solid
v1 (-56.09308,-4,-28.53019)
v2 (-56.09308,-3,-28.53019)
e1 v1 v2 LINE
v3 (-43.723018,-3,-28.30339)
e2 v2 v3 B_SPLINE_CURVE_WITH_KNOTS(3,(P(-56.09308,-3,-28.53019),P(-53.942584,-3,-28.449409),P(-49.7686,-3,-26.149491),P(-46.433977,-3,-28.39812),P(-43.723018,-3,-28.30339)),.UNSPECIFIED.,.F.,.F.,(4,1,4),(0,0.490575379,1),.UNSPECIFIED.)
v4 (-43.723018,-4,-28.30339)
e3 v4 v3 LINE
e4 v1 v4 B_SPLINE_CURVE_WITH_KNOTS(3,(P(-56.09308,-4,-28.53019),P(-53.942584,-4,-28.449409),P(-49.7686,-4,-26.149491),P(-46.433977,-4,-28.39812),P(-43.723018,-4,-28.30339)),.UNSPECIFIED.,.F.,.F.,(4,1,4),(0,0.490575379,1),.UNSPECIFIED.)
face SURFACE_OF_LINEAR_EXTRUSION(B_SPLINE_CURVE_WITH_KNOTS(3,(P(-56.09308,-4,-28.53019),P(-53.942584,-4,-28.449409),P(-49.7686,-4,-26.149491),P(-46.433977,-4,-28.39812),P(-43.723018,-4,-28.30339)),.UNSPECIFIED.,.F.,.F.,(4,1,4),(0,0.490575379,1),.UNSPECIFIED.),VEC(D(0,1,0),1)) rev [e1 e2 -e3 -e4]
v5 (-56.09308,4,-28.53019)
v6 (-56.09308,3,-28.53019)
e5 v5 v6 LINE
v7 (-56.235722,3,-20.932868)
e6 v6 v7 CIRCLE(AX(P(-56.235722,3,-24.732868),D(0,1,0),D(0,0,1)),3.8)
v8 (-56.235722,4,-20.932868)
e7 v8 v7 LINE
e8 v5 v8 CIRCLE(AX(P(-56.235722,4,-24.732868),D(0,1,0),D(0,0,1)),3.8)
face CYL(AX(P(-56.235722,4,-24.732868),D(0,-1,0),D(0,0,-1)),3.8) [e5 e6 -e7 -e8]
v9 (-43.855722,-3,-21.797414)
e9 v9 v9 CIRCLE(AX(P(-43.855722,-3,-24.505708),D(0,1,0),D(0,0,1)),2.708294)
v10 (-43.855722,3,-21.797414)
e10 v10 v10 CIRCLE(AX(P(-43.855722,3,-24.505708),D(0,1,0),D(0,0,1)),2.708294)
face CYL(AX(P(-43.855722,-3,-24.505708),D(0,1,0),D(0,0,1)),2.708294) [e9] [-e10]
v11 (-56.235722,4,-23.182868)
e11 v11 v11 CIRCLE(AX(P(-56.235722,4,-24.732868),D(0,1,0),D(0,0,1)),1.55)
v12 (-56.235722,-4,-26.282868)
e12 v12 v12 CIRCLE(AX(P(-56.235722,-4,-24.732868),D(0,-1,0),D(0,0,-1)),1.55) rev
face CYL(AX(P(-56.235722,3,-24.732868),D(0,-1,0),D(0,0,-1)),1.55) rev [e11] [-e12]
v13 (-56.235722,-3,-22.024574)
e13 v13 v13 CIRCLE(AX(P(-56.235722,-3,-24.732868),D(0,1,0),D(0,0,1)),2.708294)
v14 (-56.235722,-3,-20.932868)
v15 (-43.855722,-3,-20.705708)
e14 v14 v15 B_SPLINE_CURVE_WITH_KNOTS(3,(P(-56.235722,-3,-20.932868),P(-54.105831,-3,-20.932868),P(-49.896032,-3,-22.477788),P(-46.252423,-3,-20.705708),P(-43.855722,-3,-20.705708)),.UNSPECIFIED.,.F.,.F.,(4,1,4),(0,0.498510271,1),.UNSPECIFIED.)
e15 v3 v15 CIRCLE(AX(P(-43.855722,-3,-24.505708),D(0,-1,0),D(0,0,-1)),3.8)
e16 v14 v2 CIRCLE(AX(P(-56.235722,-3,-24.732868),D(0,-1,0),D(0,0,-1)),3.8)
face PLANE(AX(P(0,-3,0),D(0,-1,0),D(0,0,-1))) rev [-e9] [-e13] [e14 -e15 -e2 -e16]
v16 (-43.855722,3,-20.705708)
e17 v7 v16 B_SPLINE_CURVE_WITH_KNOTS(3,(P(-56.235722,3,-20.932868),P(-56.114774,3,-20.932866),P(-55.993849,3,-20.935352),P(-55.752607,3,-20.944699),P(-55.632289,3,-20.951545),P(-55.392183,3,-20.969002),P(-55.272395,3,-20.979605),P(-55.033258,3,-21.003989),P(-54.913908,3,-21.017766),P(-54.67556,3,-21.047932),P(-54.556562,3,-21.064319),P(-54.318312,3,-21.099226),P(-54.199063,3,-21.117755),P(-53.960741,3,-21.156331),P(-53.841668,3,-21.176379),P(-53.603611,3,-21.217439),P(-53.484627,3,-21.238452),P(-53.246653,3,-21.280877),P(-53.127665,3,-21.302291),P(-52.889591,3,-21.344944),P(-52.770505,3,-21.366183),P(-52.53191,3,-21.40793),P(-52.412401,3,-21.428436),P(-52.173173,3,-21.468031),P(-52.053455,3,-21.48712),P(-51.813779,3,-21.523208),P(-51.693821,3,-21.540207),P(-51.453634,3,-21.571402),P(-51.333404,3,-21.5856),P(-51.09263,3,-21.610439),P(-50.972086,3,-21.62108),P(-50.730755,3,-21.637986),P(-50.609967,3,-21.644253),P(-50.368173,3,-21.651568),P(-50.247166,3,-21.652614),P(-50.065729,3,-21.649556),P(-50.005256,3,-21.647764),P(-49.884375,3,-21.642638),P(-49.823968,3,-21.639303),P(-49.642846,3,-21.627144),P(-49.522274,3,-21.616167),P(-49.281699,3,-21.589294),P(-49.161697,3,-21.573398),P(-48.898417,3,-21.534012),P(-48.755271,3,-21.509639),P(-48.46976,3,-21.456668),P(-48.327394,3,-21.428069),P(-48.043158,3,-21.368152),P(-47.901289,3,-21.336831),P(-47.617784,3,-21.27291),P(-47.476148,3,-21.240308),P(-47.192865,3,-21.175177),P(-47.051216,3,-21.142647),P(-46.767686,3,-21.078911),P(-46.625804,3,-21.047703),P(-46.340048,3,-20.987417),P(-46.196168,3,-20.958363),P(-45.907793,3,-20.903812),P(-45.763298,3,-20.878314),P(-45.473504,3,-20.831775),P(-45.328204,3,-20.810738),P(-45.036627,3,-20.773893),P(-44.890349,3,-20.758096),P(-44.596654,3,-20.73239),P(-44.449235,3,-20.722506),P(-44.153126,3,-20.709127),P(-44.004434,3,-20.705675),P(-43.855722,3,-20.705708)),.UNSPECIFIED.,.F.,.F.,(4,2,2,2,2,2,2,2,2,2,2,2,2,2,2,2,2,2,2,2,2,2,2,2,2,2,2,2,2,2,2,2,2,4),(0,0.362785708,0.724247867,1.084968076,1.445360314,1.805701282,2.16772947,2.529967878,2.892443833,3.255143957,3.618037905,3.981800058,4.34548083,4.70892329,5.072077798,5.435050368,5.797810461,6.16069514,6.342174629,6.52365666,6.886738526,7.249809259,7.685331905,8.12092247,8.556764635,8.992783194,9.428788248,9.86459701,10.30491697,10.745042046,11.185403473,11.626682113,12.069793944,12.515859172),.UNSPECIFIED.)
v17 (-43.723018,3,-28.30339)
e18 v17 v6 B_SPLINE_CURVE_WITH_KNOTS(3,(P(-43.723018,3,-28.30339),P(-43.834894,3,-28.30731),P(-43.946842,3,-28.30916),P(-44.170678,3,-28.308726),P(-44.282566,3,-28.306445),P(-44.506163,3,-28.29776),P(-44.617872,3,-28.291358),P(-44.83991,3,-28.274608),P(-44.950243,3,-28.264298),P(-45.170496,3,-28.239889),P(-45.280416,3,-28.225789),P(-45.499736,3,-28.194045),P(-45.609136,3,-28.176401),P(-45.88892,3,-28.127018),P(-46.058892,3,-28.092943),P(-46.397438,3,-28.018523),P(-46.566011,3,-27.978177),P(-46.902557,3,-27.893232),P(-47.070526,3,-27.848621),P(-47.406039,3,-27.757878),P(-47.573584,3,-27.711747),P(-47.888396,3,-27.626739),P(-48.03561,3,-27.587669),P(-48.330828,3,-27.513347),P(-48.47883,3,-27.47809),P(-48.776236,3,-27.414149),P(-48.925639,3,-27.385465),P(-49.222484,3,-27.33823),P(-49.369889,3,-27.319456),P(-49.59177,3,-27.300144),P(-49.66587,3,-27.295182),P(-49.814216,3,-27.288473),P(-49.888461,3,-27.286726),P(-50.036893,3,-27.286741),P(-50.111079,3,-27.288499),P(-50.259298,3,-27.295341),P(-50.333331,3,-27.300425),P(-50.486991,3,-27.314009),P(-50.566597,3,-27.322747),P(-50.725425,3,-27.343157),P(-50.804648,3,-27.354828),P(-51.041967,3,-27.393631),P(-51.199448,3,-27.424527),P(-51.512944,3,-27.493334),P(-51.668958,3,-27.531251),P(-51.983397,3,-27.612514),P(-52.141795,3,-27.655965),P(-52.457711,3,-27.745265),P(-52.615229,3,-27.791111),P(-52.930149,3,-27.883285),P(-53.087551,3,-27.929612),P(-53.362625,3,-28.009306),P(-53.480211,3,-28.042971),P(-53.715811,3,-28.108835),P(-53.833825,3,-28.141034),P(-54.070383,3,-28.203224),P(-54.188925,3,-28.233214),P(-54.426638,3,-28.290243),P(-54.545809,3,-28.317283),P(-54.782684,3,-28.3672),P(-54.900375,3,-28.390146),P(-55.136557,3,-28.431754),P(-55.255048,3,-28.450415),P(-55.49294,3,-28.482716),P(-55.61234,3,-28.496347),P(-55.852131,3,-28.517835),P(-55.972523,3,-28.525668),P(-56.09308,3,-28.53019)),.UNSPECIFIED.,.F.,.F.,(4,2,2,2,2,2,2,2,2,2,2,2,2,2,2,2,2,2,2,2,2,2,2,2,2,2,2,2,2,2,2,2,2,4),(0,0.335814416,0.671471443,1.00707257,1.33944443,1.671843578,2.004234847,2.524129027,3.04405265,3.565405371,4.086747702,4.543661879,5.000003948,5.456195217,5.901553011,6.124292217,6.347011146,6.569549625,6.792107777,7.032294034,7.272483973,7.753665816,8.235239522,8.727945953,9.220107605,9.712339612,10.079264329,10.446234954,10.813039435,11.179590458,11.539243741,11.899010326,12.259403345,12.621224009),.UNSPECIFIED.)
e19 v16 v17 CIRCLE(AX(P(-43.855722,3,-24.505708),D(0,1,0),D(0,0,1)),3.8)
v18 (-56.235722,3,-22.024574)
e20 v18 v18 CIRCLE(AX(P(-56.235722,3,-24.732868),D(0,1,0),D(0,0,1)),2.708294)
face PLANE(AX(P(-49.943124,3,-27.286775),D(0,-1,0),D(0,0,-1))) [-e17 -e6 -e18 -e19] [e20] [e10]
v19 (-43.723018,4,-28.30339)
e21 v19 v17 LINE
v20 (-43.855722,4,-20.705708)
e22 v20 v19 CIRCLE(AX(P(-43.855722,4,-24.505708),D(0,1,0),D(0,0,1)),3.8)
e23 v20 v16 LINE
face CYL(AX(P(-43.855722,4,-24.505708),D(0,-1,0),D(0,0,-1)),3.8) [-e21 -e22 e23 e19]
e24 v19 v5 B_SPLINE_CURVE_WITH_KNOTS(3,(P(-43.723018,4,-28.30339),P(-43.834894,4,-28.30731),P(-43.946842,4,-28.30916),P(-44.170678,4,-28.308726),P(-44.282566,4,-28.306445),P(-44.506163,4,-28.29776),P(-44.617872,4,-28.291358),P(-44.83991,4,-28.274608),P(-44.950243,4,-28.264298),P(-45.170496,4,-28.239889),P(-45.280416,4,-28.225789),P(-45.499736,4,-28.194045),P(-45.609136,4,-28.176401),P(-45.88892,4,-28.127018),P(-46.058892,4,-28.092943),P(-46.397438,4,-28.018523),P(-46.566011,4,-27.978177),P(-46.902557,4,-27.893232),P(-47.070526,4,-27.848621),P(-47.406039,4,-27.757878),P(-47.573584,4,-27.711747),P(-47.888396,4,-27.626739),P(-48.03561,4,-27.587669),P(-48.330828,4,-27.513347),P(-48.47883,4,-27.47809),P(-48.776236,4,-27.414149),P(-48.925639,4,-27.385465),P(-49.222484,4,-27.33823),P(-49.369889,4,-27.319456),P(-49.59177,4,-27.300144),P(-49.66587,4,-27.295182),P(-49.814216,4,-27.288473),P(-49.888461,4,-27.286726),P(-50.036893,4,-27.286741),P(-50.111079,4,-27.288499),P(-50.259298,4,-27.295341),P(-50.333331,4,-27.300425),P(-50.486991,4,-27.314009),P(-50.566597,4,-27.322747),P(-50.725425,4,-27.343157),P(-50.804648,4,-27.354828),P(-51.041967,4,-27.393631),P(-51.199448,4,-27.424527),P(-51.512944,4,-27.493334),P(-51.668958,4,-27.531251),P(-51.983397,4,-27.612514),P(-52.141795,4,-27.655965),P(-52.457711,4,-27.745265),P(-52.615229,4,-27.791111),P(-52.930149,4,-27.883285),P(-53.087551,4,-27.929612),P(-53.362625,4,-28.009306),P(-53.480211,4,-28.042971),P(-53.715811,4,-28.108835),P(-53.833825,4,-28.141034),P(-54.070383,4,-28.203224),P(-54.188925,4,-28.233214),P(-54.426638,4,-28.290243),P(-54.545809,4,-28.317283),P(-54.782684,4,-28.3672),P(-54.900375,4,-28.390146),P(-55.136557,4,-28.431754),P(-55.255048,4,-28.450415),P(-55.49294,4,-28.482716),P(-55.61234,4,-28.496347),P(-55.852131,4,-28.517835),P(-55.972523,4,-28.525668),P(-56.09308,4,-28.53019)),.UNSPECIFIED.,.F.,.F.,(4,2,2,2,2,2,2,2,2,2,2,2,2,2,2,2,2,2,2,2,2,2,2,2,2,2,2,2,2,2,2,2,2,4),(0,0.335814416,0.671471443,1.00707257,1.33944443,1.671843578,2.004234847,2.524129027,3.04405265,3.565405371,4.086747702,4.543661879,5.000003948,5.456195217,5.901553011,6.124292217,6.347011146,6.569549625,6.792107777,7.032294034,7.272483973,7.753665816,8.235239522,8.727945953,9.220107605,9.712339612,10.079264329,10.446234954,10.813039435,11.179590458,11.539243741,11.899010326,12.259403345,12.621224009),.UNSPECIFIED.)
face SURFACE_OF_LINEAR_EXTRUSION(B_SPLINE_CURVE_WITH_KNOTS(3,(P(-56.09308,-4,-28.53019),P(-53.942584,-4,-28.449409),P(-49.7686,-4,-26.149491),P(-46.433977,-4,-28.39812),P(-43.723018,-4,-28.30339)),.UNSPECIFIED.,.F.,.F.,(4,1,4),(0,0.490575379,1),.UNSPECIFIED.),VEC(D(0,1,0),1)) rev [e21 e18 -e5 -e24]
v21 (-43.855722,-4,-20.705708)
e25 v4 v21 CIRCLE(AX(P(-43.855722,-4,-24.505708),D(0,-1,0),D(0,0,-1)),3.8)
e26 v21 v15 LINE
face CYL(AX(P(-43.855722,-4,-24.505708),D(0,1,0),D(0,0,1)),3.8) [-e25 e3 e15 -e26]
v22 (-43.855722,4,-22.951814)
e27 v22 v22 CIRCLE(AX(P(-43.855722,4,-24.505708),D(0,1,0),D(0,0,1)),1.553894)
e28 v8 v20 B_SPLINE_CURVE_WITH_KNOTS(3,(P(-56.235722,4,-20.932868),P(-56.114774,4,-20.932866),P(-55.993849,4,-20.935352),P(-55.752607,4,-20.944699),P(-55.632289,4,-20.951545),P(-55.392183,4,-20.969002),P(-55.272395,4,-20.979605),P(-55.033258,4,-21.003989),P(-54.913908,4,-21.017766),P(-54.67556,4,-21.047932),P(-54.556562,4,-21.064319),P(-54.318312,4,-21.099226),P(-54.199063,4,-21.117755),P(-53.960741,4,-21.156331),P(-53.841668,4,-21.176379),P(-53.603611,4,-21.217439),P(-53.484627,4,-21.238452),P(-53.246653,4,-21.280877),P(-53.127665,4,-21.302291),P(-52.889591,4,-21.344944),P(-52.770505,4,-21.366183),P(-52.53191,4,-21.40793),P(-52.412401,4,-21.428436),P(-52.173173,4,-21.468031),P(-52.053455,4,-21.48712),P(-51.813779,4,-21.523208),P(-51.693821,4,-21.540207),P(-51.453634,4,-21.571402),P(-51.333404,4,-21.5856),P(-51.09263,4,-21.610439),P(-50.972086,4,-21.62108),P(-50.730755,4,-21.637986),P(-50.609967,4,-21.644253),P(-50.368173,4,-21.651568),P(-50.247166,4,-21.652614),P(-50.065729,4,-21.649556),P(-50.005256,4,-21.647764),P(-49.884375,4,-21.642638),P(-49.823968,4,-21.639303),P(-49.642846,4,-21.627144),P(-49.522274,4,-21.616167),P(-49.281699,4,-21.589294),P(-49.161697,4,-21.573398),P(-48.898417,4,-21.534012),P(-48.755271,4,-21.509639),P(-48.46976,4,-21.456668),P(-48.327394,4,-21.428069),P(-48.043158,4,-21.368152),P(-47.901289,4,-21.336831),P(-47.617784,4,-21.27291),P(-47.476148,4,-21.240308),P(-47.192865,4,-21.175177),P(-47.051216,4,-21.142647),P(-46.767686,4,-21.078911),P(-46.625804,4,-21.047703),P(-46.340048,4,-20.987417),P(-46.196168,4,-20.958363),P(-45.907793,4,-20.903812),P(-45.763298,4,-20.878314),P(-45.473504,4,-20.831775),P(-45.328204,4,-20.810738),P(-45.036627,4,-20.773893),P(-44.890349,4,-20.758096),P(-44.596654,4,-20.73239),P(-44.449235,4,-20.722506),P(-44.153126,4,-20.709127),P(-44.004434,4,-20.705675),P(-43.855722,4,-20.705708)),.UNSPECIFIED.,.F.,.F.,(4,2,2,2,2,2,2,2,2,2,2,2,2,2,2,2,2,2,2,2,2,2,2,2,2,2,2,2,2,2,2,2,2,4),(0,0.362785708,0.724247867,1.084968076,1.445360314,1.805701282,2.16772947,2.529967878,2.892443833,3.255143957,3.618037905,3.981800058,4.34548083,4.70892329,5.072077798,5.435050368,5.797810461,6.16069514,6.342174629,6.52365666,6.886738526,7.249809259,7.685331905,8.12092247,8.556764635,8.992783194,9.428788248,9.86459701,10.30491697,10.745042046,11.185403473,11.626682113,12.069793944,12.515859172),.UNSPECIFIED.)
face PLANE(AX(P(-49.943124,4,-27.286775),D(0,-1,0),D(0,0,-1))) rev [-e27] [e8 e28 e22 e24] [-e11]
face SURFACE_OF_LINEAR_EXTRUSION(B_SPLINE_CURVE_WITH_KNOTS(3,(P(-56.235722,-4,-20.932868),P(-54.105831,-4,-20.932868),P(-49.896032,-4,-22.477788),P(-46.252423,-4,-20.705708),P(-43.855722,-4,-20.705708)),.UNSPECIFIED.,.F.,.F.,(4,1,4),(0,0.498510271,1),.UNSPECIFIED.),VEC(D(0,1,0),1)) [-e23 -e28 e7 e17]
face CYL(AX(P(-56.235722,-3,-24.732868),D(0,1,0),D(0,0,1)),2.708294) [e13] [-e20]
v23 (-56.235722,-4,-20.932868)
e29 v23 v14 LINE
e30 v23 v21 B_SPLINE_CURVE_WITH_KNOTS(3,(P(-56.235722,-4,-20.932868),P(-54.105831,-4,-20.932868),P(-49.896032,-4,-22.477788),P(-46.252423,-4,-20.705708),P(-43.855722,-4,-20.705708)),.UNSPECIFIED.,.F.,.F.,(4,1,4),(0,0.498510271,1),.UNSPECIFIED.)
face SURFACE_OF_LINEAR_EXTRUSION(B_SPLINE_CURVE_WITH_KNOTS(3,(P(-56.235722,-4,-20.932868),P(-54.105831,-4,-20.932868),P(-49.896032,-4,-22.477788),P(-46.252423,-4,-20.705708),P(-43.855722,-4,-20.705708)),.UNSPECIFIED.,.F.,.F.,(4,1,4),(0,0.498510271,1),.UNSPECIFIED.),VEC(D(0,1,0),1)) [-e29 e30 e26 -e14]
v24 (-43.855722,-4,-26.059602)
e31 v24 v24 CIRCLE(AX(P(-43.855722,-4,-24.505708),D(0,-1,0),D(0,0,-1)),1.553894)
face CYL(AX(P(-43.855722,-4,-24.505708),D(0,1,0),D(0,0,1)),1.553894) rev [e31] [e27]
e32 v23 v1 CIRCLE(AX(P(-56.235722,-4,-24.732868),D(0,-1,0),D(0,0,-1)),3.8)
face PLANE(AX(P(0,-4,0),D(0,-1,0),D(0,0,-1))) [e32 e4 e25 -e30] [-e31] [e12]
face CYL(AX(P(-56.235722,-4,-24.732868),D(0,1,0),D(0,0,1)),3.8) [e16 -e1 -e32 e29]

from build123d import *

# Parameters (mm, degrees)
EXTRUDE_8_DEPTH          = 3
EXTRUDE_8_DEPTH_BACK     = 3
SKETCH_3_R               = 2.708293856
EXTRUDE_8_2_DEPTH        = 3
EXTRUDE_8_2_DEPTH_BACK   = 3
CUT_EXTRUDE_1_DEPTH      = 3
CUT_EXTRUDE_1_DEPTH_BACK = 6
SKETCH_4_R               = 1.55
SKETCH_4_R_2             = 1.553894019
SKETCH_7_R               = 1.553894019
SKETCH_7_R_2             = 1.55
EXTRUDE_9_DEPTH          = 1
EXTRUDE_START            = 1
SKETCH_18_R              = 1.55
SKETCH_18_R_2            = 1.553894019
EXTRUDE_17_DEPTH         = 1


with BuildPart() as part:
    # 草图3 → 凸台-拉伸8 (new, two sides: drawn at the far end of the back side and taken through both)
    with BuildSketch(Plane(origin=(0, 0, 0), x_dir=(1, 0, 0), z_dir=(0, 1, 0)).offset(-EXTRUDE_8_DEPTH_BACK)):
        with Locations((-56.235722287, 24.732868077)):
            Circle(SKETCH_3_R)
    extrude(amount=EXTRUDE_8_DEPTH + EXTRUDE_8_DEPTH_BACK)


with BuildPart() as body_2:
    # 草图3 → Extrude 8 2 (new, two sides: drawn at the far end of the back side and taken through both)
    with BuildSketch(Plane(origin=(0, 0, 0), x_dir=(1, 0, 0), z_dir=(0, 1, 0)).offset(-EXTRUDE_8_2_DEPTH_BACK)):
        with Locations((-43.855722287, 24.505707547)):
            Circle(SKETCH_3_R)
    extrude(amount=EXTRUDE_8_2_DEPTH + EXTRUDE_8_2_DEPTH_BACK)


with BuildPart() as cut_extrude_1_tool:
    # 草图4 → 切除-拉伸1 (new, two sides: drawn at the far end of the back side and taken through both)
    with BuildSketch(Plane(origin=(0, 0, 0), x_dir=(1, 0, 0), z_dir=(0, 1, 0)).offset(-CUT_EXTRUDE_1_DEPTH_BACK)):
        with Locations((-56.235722287, 24.732868077)):
            Circle(SKETCH_4_R)
        with Locations((-43.855722287, 24.505707547)):
            Circle(SKETCH_4_R_2)
    extrude(amount=CUT_EXTRUDE_1_DEPTH + CUT_EXTRUDE_1_DEPTH_BACK)


with BuildPart() as part_1:
    add(part.part)

    # 切除-拉伸1: cut by cut_extrude_1_tool
    add(cut_extrude_1_tool.part, mode=Mode.SUBTRACT)



with BuildPart() as body_2_1:
    add(body_2.part)

    # 切除-拉伸1: cut by cut_extrude_1_tool
    add(cut_extrude_1_tool.part, mode=Mode.SUBTRACT)


with BuildPart() as part_2:
    add(part_1.part)

    add(body_2_1.part)  # 凸台-拉伸9 merges body 2
    # 草图7 → 凸台-拉伸9 (add)
    with BuildSketch(Plane.XZ.offset(3)):
        with BuildLine():
            ThreePointArc((-56.235722287, -20.932868077), (-60.035052689, -24.804201821), (-56.093079937, -28.530189917))
            add(Edge.make_bspline(
                [(-56.093079937, -28.530189917), (-53.942583983, -28.449408827), (-49.768599584, -26.149491118), (-46.433977381, -28.398120151), (-43.723017894, -28.303389675)],
                knots=[0, 0, 0, 0, 0.490575379, 1, 1, 1, 1], degree=3))
            ThreePointArc((-43.723017894, -28.303389675), (-40.0563018, -24.43934523), (-43.855722287, -20.705707547))
            add(Edge.make_bspline(
                [(-56.235722287, -20.932868077), (-54.105831048, -20.932868077), (-49.896032342, -22.477788173), (-46.252423284, -20.705707547), (-43.855722287, -20.705707547)],
                knots=[0, 0, 0, 0, 0.498510271, 1, 1, 1, 1], degree=3))
        make_face()
        with Locations((-43.855722287, -24.505707547)):
            Circle(SKETCH_7_R, mode=Mode.SUBTRACT)
        with Locations((-56.235722287, -24.732868077)):
            Circle(SKETCH_7_R_2, mode=Mode.SUBTRACT)
    extrude(amount=EXTRUDE_9_DEPTH)

    # 草图18 → 凸台-拉伸17 (add)
    with BuildSketch(Plane(origin=(0, 3, 0), x_dir=(1, 0, 0), z_dir=(0, 1, 0)).offset(EXTRUDE_START)):
        with BuildLine():
            ThreePointArc((-56.093079937, 28.530189917), (-60.035052689, 24.804201821), (-56.235722287, 20.932868077))
            add(Edge.make_bspline(
                [(-56.235722287, 20.932868077), (-54.105831048, 20.932868077), (-49.896032342, 22.477788173), (-46.252423284, 20.705707547), (-43.855722287, 20.705707547)],
                knots=[0, 0, 0, 0, 0.498510271, 1, 1, 1, 1], degree=3))
            ThreePointArc((-43.855722287, 20.705707547), (-40.0563018, 24.43934523), (-43.723017894, 28.303389675))
            add(Edge.make_bspline(
                [(-43.723017894, 28.303389675), (-46.433977381, 28.398120151), (-49.768599584, 26.149491118), (-53.942583983, 28.449408827), (-56.093079937, 28.530189917)],
                knots=[0, 0, 0, 0, 0.509424621, 1, 1, 1, 1], degree=3))
        make_face()
        with Locations((-56.235722287, 24.732868077)):
            Circle(SKETCH_18_R, mode=Mode.SUBTRACT)
        with Locations((-43.855722287, 24.505707547)):
            Circle(SKETCH_18_R_2, mode=Mode.SUBTRACT)
    extrude(amount=-EXTRUDE_17_DEPTH)


solid = part_2.part
